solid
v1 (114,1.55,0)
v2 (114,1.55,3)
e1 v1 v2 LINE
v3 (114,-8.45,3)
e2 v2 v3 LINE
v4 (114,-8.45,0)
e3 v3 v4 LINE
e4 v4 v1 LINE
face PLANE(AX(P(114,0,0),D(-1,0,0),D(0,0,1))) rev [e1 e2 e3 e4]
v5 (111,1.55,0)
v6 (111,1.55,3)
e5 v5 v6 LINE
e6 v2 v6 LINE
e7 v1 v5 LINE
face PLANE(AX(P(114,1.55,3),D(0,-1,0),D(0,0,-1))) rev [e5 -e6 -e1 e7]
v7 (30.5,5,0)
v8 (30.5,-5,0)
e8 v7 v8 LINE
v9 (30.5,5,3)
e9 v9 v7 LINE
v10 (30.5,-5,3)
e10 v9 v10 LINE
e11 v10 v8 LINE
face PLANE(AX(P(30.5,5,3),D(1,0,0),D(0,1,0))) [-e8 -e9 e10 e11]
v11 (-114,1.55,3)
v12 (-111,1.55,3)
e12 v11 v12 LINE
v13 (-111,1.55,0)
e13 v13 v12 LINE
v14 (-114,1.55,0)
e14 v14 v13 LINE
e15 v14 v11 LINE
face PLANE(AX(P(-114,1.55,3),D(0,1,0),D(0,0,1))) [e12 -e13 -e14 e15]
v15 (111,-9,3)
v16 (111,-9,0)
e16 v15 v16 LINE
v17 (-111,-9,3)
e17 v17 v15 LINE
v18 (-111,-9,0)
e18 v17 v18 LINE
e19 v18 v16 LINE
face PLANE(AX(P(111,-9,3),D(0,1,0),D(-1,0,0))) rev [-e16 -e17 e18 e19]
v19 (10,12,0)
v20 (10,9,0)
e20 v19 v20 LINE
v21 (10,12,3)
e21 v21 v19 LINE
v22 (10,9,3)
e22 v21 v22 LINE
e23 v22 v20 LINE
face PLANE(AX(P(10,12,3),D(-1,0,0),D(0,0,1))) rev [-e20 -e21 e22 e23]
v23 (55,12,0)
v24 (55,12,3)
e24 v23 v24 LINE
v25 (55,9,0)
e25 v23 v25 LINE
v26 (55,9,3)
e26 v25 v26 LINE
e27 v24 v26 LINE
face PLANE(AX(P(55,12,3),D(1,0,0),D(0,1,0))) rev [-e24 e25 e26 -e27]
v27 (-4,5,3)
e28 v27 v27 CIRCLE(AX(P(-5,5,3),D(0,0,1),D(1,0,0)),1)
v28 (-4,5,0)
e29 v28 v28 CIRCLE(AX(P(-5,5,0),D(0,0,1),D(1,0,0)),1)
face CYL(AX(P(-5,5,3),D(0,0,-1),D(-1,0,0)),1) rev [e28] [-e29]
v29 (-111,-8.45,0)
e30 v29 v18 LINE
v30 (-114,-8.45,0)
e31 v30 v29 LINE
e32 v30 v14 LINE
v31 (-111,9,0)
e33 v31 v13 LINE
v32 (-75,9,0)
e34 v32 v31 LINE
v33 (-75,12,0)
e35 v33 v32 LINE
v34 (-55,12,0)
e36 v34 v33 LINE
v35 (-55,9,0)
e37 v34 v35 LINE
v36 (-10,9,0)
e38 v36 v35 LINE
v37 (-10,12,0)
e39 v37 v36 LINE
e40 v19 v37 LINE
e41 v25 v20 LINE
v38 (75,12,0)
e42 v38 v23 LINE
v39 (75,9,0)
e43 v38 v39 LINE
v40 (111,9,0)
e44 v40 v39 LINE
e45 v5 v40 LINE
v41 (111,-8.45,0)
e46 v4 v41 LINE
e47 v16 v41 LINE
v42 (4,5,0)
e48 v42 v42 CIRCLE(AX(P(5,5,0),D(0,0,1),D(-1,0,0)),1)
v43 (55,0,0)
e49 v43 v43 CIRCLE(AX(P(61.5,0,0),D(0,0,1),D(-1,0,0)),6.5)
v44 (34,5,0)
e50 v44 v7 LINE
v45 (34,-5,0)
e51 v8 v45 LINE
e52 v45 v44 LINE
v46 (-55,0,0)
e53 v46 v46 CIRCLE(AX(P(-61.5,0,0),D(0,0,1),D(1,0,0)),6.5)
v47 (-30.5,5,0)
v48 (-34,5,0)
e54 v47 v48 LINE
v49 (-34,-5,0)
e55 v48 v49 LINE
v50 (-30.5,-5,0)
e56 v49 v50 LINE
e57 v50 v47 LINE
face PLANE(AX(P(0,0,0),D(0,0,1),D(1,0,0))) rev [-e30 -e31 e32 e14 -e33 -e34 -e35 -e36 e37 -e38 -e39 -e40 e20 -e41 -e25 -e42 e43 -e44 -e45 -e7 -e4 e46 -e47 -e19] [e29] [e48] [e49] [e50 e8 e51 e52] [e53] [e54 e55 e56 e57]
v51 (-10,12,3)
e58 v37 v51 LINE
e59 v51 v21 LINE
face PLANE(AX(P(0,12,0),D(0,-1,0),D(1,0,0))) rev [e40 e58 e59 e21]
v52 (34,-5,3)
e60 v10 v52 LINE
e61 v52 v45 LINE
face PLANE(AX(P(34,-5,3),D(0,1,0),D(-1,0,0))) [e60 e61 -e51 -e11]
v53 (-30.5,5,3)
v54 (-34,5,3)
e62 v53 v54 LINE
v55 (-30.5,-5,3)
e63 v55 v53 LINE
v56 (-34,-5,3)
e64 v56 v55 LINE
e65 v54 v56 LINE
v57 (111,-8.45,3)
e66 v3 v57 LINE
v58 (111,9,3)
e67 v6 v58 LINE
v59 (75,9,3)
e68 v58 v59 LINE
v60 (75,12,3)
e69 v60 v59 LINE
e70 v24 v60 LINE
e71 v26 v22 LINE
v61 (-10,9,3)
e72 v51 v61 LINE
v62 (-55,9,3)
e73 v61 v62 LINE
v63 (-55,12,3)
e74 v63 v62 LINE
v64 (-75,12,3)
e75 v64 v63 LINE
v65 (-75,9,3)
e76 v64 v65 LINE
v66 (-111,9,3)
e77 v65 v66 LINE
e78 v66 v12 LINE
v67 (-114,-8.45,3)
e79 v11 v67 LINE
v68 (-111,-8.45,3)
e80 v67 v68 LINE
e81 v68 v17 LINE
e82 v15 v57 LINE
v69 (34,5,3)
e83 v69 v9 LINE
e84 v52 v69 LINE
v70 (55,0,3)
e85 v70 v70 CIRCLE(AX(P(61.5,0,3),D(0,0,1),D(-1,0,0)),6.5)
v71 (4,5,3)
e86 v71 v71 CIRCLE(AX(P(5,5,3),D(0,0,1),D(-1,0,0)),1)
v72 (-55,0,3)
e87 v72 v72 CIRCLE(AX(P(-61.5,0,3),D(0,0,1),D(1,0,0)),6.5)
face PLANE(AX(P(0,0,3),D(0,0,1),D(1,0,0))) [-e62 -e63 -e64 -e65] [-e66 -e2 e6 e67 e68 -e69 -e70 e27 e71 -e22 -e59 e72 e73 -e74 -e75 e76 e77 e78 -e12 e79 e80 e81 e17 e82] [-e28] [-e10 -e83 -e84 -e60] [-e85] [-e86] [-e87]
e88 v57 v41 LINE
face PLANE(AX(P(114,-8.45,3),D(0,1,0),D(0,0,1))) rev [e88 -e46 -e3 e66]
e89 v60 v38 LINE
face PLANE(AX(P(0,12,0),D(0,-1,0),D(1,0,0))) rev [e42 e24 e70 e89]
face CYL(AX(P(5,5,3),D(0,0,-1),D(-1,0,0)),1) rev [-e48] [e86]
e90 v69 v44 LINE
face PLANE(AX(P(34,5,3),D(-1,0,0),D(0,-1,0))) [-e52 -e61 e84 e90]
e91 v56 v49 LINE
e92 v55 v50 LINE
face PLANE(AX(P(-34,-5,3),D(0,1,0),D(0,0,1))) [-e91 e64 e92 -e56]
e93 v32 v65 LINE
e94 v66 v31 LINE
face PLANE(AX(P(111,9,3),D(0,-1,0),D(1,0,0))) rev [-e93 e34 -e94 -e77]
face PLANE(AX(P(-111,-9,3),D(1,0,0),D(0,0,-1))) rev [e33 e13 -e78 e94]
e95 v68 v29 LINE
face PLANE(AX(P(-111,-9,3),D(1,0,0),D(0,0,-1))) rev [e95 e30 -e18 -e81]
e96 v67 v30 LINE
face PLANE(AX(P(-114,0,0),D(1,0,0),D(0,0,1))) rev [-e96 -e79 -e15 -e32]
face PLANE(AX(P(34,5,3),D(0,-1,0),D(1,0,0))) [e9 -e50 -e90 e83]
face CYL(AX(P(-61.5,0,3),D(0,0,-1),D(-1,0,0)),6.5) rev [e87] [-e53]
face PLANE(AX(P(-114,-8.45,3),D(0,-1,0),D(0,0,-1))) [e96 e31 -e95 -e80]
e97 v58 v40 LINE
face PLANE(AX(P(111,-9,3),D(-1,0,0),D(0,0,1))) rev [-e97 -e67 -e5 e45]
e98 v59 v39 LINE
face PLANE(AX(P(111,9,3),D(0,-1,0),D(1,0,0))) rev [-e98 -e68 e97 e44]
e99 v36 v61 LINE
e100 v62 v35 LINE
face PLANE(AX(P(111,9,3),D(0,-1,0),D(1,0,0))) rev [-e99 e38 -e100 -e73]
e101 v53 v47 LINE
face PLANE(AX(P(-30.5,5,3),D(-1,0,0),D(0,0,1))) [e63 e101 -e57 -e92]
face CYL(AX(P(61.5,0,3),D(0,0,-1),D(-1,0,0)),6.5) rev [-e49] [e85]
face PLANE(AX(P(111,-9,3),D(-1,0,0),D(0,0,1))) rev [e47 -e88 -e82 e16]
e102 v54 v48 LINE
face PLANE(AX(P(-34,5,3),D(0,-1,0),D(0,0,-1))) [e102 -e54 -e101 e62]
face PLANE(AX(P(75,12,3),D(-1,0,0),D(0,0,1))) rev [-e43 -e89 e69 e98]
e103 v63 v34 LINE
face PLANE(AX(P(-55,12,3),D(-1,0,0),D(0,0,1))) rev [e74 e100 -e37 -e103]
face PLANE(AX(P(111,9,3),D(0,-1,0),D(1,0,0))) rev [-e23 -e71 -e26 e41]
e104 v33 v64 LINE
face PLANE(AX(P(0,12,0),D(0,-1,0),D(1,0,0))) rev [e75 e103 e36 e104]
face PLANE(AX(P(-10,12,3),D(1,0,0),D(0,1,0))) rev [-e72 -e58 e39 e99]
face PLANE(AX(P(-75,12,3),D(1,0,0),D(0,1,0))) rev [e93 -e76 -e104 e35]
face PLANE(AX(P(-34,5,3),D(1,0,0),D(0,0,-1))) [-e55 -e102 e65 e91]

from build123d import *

# Parameters (mm, degrees)
CROQUIS1_W              = 222
CROQUIS1_H              = 18
CROQUIS1_R              = 1
CROQUIS1_R_2            = 6.5
CROQUIS1_W_2            = 3.5
CROQUIS1_H_2            = 10
SALIENTE_EXTRUIR1_DEPTH = 3
CROQUIS2_W              = 20
CROQUIS2_H              = 3
SALIENTE_EXTRUIR2_DEPTH = 3
CROQUIS3_W              = 3
CROQUIS3_H              = 10
SALIENTE_EXTRUIR3_DEPTH = 3


with BuildPart() as part:
    # Croquis1 → Saliente-Extruir1 (new body)
    with BuildSketch(Plane.XY):
        Rectangle(CROQUIS1_W, CROQUIS1_H)
        with Locations((-5, 5)):
            Circle(CROQUIS1_R, mode=Mode.SUBTRACT)
        with Locations(Location((5, 5, 0), (0, 0, 180))):
            Circle(CROQUIS1_R, mode=Mode.SUBTRACT)
        with Locations((-61.5, 0)):
            Circle(CROQUIS1_R_2, mode=Mode.SUBTRACT)
        with Locations(Location((61.5, 0, 0), (0, 0, 180))):
            Circle(CROQUIS1_R_2, mode=Mode.SUBTRACT)
        with Locations((32.25, 0)):
            Rectangle(CROQUIS1_W_2, CROQUIS1_H_2, mode=Mode.SUBTRACT)
        with Locations((-32.25, 0)):
            Rectangle(CROQUIS1_W_2, CROQUIS1_H_2, mode=Mode.SUBTRACT)
    extrude(amount=SALIENTE_EXTRUIR1_DEPTH)

    # Croquis2 → Saliente-Extruir2 (add)
    with BuildSketch(Plane(origin=(0, 9, 0), x_dir=(1, 0, 0), z_dir=(0, 1, 0))):
        with Locations((-65, -1.5)):
            Rectangle(CROQUIS2_W, CROQUIS2_H)
        with Locations((0, -1.5)):
            Rectangle(CROQUIS2_W, CROQUIS2_H)
        with Locations((65, -1.5)):
            Rectangle(CROQUIS2_W, CROQUIS2_H)
    extrude(amount=SALIENTE_EXTRUIR2_DEPTH)

    # Croquis3 → Saliente-Extruir3 (add)
    with BuildSketch(Plane(origin=(111, 0, 0), x_dir=(0, 0, -1), z_dir=(1, 0, 0))):
        with Locations((-1.5, -3.45)):
            Rectangle(CROQUIS3_W, CROQUIS3_H)
    saliente_extruir3 = extrude(amount=SALIENTE_EXTRUIR3_DEPTH)

    # Simetría1: Saliente-Extruir3 across plane
    add(saliente_extruir3.mirror(Plane(origin=(0, 0, 0), x_dir=(0, 0, 1), z_dir=(1, 0, 0))))


solid = part.part
